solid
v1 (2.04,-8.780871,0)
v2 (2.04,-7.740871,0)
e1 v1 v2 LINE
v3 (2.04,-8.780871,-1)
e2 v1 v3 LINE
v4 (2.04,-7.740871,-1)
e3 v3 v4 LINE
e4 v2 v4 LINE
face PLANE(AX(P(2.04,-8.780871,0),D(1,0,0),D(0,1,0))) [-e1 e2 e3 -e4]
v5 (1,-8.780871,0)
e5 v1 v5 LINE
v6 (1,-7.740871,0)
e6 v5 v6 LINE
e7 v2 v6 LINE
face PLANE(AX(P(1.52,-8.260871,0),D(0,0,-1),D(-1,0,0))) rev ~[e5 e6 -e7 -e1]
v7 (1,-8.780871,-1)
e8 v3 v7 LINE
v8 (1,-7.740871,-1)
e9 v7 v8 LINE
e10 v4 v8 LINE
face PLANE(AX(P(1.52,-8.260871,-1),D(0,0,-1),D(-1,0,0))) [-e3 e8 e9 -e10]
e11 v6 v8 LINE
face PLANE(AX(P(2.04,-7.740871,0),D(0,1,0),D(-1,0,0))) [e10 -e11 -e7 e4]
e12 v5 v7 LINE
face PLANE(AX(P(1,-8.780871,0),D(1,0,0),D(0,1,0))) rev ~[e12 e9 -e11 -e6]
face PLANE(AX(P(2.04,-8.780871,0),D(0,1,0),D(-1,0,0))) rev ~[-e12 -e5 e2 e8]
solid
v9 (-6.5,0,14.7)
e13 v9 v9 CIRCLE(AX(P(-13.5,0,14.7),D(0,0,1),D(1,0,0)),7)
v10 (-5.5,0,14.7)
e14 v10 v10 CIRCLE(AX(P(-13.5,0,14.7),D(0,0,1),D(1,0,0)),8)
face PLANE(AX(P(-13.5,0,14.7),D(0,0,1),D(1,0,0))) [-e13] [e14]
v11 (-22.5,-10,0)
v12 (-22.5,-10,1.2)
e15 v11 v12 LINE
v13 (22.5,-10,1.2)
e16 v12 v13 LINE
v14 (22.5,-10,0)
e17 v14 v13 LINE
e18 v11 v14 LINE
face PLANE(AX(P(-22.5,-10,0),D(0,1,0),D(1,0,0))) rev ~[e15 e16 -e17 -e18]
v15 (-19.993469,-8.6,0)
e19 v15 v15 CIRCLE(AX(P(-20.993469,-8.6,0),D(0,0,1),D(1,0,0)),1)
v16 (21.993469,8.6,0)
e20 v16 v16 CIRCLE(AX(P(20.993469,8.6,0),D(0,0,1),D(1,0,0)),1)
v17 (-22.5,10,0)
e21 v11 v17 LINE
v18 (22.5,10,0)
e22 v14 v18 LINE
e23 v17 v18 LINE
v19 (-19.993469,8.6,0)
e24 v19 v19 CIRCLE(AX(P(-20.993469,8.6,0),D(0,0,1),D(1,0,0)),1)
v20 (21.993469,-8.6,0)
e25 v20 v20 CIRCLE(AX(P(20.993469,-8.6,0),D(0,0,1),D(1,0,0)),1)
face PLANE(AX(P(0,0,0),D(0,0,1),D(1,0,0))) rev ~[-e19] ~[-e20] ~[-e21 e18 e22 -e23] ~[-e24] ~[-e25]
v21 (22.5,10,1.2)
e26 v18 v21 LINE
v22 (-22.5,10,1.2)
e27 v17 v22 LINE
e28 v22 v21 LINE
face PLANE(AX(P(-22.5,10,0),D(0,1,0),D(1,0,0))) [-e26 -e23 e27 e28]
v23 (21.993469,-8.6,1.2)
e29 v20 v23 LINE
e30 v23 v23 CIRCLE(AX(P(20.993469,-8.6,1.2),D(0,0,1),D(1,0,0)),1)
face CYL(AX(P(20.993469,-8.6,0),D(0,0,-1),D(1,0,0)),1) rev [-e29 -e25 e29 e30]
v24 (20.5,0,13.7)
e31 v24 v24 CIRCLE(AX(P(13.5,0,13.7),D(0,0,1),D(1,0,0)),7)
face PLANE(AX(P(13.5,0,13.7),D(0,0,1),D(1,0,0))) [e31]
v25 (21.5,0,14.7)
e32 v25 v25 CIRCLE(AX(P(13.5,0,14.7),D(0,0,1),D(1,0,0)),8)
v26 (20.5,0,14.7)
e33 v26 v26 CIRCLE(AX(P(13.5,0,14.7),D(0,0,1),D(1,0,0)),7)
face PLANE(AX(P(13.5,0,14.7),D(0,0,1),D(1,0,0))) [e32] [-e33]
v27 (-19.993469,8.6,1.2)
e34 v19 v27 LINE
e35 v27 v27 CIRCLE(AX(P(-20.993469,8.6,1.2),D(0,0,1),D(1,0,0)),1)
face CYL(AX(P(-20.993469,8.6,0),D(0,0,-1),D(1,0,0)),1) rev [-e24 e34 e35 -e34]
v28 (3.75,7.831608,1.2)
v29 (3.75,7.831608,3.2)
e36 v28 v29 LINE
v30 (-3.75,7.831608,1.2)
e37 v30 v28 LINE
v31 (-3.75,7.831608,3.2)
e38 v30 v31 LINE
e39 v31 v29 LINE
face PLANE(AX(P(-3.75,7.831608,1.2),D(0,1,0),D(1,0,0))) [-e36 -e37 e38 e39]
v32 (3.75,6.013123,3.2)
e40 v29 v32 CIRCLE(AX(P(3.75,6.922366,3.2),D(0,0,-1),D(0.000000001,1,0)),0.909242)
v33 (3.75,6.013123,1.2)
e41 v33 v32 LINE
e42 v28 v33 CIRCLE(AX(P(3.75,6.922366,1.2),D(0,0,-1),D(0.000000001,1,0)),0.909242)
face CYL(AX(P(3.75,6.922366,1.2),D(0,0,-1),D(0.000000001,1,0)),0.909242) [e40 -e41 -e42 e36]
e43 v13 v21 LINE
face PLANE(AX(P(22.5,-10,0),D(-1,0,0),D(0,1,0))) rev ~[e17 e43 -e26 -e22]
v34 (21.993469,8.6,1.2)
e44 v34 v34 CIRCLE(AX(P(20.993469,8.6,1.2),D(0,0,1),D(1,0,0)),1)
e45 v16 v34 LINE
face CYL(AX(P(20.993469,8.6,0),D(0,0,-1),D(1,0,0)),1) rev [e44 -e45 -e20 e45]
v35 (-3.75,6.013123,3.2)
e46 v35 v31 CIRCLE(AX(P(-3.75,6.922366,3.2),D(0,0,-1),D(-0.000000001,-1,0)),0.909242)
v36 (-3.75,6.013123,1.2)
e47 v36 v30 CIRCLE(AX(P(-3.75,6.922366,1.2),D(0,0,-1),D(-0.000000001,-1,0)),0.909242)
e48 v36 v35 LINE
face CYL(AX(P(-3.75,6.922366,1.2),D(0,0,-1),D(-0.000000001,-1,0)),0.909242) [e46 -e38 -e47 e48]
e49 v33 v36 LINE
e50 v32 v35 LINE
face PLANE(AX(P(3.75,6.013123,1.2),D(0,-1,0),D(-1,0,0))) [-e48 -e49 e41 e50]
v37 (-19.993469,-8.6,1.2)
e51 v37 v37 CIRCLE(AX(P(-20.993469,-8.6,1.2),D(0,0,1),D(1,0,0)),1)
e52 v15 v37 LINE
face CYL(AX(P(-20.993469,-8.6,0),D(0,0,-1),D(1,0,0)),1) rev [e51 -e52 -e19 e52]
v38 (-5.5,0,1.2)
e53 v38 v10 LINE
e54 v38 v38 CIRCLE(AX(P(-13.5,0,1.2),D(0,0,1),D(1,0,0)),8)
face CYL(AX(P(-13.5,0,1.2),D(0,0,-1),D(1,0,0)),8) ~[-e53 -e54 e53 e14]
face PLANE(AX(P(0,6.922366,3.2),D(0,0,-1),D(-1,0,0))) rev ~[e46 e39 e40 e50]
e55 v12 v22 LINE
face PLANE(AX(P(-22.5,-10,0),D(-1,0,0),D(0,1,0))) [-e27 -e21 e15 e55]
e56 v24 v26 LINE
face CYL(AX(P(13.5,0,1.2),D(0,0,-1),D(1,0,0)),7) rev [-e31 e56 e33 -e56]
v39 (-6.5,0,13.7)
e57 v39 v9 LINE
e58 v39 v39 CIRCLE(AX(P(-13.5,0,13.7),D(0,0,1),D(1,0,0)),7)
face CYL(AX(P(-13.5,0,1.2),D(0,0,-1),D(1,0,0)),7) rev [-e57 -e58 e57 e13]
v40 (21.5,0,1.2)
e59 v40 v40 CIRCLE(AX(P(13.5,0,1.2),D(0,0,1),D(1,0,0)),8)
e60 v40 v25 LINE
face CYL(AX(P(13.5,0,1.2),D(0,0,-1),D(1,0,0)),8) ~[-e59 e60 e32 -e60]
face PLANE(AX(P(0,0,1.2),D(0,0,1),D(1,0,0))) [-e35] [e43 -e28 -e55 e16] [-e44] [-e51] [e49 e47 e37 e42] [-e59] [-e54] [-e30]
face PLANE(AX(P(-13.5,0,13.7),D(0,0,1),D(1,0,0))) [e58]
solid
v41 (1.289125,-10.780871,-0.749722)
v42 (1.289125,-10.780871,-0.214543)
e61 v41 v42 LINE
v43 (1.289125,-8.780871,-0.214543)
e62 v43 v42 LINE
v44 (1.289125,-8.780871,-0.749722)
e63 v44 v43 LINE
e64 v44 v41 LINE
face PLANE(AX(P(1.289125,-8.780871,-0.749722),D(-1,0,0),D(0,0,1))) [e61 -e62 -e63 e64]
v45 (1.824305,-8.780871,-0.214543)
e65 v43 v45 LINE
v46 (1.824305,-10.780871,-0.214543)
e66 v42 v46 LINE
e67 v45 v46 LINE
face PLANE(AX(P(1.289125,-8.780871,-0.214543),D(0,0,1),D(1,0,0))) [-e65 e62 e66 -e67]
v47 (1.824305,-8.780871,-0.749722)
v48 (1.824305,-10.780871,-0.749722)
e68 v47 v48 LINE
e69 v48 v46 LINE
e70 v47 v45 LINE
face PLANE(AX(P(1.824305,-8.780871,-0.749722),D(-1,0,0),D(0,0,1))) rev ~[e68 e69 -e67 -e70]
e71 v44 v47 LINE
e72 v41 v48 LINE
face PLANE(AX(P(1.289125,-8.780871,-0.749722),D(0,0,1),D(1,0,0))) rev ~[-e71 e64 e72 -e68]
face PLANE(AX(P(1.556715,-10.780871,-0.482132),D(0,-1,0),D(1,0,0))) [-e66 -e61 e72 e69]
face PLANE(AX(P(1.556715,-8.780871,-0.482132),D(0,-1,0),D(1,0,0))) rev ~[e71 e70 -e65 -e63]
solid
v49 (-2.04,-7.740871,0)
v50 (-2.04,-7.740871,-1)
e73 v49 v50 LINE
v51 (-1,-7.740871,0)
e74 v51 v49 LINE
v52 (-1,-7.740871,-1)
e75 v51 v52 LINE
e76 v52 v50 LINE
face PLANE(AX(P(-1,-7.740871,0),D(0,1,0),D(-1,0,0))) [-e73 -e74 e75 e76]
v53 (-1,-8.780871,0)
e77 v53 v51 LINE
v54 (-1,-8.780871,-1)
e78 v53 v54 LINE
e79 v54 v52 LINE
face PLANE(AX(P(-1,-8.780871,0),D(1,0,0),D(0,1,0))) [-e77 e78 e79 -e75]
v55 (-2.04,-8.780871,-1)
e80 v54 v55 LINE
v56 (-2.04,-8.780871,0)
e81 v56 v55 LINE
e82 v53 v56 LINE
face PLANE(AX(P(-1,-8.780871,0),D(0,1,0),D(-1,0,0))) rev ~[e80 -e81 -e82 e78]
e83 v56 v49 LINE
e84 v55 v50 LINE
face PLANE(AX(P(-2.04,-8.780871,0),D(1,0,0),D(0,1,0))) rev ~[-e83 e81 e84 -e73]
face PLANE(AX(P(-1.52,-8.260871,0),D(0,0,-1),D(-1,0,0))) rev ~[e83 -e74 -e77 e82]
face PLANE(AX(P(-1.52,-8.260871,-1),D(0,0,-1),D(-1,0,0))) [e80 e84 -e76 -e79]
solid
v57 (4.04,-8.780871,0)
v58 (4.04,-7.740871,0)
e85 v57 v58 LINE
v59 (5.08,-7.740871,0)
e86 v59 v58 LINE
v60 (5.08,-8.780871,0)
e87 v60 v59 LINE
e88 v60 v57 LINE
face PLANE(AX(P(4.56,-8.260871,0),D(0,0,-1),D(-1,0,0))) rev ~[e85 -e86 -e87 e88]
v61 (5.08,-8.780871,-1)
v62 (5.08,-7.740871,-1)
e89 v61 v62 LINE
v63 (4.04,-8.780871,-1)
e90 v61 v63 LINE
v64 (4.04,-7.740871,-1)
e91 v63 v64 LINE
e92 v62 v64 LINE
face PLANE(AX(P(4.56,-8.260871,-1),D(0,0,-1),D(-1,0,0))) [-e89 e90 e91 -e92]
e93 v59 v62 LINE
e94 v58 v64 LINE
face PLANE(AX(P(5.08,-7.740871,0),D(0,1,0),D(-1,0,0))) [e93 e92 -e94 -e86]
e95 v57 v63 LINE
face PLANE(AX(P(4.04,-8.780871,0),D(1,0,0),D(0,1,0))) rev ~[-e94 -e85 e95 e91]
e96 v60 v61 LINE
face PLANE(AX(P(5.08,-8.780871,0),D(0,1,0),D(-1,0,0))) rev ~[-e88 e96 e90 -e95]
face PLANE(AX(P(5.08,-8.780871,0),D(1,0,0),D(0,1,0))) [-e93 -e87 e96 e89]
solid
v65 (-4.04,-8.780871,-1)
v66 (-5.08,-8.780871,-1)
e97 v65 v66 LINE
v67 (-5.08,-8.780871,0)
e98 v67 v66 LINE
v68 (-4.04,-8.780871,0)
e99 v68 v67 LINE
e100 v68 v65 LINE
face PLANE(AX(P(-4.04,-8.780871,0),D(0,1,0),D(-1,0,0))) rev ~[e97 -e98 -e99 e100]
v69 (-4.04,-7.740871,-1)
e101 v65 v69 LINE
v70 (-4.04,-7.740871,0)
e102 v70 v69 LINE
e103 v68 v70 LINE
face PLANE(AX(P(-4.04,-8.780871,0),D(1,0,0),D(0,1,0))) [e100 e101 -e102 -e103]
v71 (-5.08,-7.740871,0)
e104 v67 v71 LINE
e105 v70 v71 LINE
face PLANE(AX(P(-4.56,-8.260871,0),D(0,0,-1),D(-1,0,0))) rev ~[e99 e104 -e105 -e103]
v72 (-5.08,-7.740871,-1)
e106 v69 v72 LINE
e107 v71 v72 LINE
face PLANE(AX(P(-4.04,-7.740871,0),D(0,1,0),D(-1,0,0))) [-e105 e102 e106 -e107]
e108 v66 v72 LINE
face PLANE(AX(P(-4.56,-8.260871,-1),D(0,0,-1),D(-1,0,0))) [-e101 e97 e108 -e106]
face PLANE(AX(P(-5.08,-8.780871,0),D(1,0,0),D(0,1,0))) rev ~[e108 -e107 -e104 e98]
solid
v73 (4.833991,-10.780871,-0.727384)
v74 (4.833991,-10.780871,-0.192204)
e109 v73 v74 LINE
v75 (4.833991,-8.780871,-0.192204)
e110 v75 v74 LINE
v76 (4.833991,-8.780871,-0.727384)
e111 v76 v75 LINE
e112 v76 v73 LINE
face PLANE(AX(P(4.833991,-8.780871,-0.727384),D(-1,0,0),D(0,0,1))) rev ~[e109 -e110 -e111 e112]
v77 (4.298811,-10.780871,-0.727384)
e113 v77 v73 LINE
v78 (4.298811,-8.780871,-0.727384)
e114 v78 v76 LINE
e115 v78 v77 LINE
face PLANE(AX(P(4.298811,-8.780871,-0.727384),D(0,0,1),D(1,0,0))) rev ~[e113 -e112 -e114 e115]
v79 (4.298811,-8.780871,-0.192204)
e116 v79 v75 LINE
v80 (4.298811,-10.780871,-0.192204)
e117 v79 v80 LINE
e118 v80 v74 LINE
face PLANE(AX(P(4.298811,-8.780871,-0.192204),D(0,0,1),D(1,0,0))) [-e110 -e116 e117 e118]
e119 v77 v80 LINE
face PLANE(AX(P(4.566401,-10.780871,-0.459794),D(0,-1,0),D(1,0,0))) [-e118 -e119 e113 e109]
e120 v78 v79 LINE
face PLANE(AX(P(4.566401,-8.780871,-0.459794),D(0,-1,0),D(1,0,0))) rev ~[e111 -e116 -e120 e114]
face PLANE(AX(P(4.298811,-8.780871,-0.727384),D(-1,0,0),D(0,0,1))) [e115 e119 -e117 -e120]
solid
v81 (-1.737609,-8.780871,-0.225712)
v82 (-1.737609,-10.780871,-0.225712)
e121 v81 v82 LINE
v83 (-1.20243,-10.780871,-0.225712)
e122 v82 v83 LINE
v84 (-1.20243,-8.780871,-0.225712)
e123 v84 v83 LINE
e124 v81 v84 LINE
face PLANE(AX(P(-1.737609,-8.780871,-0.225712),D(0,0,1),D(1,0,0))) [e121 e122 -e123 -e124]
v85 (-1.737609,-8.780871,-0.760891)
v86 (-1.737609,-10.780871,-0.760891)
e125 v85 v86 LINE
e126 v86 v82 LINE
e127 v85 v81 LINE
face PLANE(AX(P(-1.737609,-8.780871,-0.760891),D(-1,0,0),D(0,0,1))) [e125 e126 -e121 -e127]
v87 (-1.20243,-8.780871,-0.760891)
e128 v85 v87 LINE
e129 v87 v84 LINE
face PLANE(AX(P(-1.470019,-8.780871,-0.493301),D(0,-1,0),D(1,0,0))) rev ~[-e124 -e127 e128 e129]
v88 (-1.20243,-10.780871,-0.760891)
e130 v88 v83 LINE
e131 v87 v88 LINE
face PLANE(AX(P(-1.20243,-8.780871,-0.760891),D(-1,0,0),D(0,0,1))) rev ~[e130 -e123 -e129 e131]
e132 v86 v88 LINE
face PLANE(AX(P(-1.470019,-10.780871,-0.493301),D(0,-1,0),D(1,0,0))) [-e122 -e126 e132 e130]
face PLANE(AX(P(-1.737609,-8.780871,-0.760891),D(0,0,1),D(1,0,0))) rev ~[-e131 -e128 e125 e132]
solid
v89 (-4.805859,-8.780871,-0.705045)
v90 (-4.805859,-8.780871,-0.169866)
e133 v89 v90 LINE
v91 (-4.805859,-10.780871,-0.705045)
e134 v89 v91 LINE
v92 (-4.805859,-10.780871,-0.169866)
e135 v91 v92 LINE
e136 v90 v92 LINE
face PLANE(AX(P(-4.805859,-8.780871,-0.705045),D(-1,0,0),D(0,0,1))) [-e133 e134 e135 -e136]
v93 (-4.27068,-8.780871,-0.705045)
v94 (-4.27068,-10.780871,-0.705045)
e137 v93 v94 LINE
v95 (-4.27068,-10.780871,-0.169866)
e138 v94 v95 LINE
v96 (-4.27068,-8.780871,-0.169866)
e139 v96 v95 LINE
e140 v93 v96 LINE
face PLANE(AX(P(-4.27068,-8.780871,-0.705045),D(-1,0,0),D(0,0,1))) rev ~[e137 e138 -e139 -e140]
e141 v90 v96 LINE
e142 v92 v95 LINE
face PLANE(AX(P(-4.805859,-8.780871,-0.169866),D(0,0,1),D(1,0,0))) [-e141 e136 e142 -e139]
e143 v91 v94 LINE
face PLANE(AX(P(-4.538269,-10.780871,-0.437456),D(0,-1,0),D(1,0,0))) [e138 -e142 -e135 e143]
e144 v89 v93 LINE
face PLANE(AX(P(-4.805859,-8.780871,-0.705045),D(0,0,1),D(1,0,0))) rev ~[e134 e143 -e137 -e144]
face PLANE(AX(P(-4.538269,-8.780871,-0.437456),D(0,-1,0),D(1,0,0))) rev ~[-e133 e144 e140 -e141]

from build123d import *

# Parameters (mm, degrees)
SKETCH1_W             = 45
SKETCH1_H             = 20
SKETCH1_R             = 1
BOSS_EXTRUDE3_DEPTH   = 1.2
SKETCH5_R             = 8
SKETCH5_R_2           = 7
EXTRUDE_THIN1_DEPTH   = 13.5
EXTRUDE_THIN1_2_DEPTH = 13.5
BOSS_EXTRUDE4_DEPTH   = 2
SKETCH11_R            = 7
BOSS_EXTRUDE5_DEPTH   = 12.5
SKETCH12_W            = 1.04
SKETCH12_H            = 1.04
BOSS_EXTRUDE6_DEPTH   = 1
BOSS_EXTRUDE6_2_DEPTH = 1
BOSS_EXTRUDE6_3_DEPTH = 1
BOSS_EXTRUDE6_4_DEPTH = 1
SKETCH16_W            = 0.53517923
SKETCH16_H            = 0.53517923
BOSS_EXTRUDE7_DEPTH   = 2
SKETCH16_H_2          = 0.535179229
BOSS_EXTRUDE7_2_DEPTH = 2
SKETCH16_W_2          = 0.535179229
BOSS_EXTRUDE7_3_DEPTH = 2
BOSS_EXTRUDE7_4_DEPTH = 2


with BuildPart() as part:
    # Sketch1 → Boss-Extrude3 (new body)
    with BuildSketch(Plane.XY):
        Rectangle(SKETCH1_W, SKETCH1_H)
        with Locations((-20.993468664, 8.6)):
            Circle(SKETCH1_R, mode=Mode.SUBTRACT)
        with Locations((-20.993468664, -8.6)):
            Circle(SKETCH1_R, mode=Mode.SUBTRACT)
        with Locations((20.993468664, -8.6)):
            Circle(SKETCH1_R, mode=Mode.SUBTRACT)
        with Locations((20.993468664, 8.6)):
            Circle(SKETCH1_R, mode=Mode.SUBTRACT)
    extrude(amount=BOSS_EXTRUDE3_DEPTH)

    # Sketch8 → Boss-Extrude4 (add)
    with BuildSketch(Plane.XY.offset(1.2)):
        with BuildLine():
            Line((-3.75, 7.831608298), (3.75, 7.831608298))
            ThreePointArc((3.75, 7.831608298), (4.659242449, 6.922365849), (3.75, 6.013123399))
            Line((3.75, 6.013123399), (-3.75, 6.013123399))
            ThreePointArc((-3.75, 6.013123399), (-4.659242449, 6.922365849), (-3.75, 7.831608298))
        make_face()
    extrude(amount=BOSS_EXTRUDE4_DEPTH)



with BuildPart() as body_2:
    # Sketch5 → Extrude-Thin1 (new body)
    with BuildSketch(Plane.XY.offset(1.2)):
        with Locations((-13.5, 0)):
            Circle(SKETCH5_R)
        with Locations((-13.5, 0)):
            Circle(SKETCH5_R_2, mode=Mode.SUBTRACT)
    extrude(amount=EXTRUDE_THIN1_DEPTH)


with BuildPart() as body_3:
    # Sketch5 → Extrude-Thin1 2 (new body)
    with BuildSketch(Plane.XY.offset(1.2)):
        with Locations((13.5, 0)):
            Circle(SKETCH5_R)
        with Locations((13.5, 0)):
            Circle(SKETCH5_R_2, mode=Mode.SUBTRACT)
    extrude(amount=EXTRUDE_THIN1_2_DEPTH)


with BuildPart() as part_1:
    add(part.part)

    add(body_2.part)  # Boss-Extrude5 merges body 2

    add(body_3.part)  # Boss-Extrude5 merges body 3
    # Sketch11 → Boss-Extrude5 (add)
    with BuildSketch(Plane.XY.offset(1.2)):
        with Locations((-13.5, 0)):
            Circle(SKETCH11_R)
        with Locations((13.5, 0)):
            Circle(SKETCH11_R)
    extrude(amount=BOSS_EXTRUDE5_DEPTH)


with BuildPart() as body_2_2:
    # Sketch12 → Boss-Extrude6 (new body)
    with BuildSketch(Plane(origin=(0, 0, 0), x_dir=(-1, 0, 0), z_dir=(0, 0, -1))):
        with Locations((1.52, -8.260870843)):
            Rectangle(SKETCH12_W, SKETCH12_H)
    extrude(amount=BOSS_EXTRUDE6_DEPTH)


with BuildPart() as body_3_2:
    # Sketch12 → Boss-Extrude6 2 (new body)
    with BuildSketch(Plane(origin=(0, 0, 0), x_dir=(-1, 0, 0), z_dir=(0, 0, -1))):
        with Locations((-1.52, -8.260870843)):
            Rectangle(SKETCH12_W, SKETCH12_H)
    extrude(amount=BOSS_EXTRUDE6_2_DEPTH)


with BuildPart() as body_4:
    # Sketch12 → Boss-Extrude6 3 (new body)
    with BuildSketch(Plane(origin=(0, 0, 0), x_dir=(-1, 0, 0), z_dir=(0, 0, -1))):
        with Locations((-4.56, -8.260870843)):
            Rectangle(SKETCH12_W, SKETCH12_H)
    extrude(amount=BOSS_EXTRUDE6_3_DEPTH)


with BuildPart() as body_5:
    # Sketch12 → Boss-Extrude6 4 (new body)
    with BuildSketch(Plane(origin=(0, 0, 0), x_dir=(-1, 0, 0), z_dir=(0, 0, -1))):
        with Locations((4.56, -8.260870843)):
            Rectangle(SKETCH12_W, SKETCH12_H)
    extrude(amount=BOSS_EXTRUDE6_4_DEPTH)


with BuildPart() as body_6:
    # Sketch16 → Boss-Extrude7 (new body)
    with BuildSketch(Plane.XZ.offset(8.780870843)):
        with Locations((-4.538269148, -0.437455606)):
            Rectangle(SKETCH16_W, SKETCH16_H)
    extrude(amount=BOSS_EXTRUDE7_DEPTH)


with BuildPart() as body_7:
    # Sketch16 → Boss-Extrude7 2 (new body)
    with BuildSketch(Plane.XZ.offset(8.780870843)):
        with Locations((-1.470019189, -0.493301318)):
            Rectangle(SKETCH16_W, SKETCH16_H_2)
    extrude(amount=BOSS_EXTRUDE7_2_DEPTH)


with BuildPart() as body_8:
    # Sketch16 → Boss-Extrude7 3 (new body)
    with BuildSketch(Plane.XZ.offset(8.780870843)):
        with Locations((1.556715092, -0.482132175)):
            Rectangle(SKETCH16_W_2, SKETCH16_H)
    extrude(amount=BOSS_EXTRUDE7_3_DEPTH)


with BuildPart() as body_9:
    # Sketch16 → Boss-Extrude7 4 (new body)
    with BuildSketch(Plane.XZ.offset(8.780870843)):
        with Locations((4.566401051, -0.459793891)):
            Rectangle(SKETCH16_W, SKETCH16_H)
    extrude(amount=BOSS_EXTRUDE7_4_DEPTH)


solid = Compound([part_1.part, body_2_2.part, body_3_2.part, body_4.part, body_5.part, body_6.part, body_7.part, body_8.part, body_9.part])
